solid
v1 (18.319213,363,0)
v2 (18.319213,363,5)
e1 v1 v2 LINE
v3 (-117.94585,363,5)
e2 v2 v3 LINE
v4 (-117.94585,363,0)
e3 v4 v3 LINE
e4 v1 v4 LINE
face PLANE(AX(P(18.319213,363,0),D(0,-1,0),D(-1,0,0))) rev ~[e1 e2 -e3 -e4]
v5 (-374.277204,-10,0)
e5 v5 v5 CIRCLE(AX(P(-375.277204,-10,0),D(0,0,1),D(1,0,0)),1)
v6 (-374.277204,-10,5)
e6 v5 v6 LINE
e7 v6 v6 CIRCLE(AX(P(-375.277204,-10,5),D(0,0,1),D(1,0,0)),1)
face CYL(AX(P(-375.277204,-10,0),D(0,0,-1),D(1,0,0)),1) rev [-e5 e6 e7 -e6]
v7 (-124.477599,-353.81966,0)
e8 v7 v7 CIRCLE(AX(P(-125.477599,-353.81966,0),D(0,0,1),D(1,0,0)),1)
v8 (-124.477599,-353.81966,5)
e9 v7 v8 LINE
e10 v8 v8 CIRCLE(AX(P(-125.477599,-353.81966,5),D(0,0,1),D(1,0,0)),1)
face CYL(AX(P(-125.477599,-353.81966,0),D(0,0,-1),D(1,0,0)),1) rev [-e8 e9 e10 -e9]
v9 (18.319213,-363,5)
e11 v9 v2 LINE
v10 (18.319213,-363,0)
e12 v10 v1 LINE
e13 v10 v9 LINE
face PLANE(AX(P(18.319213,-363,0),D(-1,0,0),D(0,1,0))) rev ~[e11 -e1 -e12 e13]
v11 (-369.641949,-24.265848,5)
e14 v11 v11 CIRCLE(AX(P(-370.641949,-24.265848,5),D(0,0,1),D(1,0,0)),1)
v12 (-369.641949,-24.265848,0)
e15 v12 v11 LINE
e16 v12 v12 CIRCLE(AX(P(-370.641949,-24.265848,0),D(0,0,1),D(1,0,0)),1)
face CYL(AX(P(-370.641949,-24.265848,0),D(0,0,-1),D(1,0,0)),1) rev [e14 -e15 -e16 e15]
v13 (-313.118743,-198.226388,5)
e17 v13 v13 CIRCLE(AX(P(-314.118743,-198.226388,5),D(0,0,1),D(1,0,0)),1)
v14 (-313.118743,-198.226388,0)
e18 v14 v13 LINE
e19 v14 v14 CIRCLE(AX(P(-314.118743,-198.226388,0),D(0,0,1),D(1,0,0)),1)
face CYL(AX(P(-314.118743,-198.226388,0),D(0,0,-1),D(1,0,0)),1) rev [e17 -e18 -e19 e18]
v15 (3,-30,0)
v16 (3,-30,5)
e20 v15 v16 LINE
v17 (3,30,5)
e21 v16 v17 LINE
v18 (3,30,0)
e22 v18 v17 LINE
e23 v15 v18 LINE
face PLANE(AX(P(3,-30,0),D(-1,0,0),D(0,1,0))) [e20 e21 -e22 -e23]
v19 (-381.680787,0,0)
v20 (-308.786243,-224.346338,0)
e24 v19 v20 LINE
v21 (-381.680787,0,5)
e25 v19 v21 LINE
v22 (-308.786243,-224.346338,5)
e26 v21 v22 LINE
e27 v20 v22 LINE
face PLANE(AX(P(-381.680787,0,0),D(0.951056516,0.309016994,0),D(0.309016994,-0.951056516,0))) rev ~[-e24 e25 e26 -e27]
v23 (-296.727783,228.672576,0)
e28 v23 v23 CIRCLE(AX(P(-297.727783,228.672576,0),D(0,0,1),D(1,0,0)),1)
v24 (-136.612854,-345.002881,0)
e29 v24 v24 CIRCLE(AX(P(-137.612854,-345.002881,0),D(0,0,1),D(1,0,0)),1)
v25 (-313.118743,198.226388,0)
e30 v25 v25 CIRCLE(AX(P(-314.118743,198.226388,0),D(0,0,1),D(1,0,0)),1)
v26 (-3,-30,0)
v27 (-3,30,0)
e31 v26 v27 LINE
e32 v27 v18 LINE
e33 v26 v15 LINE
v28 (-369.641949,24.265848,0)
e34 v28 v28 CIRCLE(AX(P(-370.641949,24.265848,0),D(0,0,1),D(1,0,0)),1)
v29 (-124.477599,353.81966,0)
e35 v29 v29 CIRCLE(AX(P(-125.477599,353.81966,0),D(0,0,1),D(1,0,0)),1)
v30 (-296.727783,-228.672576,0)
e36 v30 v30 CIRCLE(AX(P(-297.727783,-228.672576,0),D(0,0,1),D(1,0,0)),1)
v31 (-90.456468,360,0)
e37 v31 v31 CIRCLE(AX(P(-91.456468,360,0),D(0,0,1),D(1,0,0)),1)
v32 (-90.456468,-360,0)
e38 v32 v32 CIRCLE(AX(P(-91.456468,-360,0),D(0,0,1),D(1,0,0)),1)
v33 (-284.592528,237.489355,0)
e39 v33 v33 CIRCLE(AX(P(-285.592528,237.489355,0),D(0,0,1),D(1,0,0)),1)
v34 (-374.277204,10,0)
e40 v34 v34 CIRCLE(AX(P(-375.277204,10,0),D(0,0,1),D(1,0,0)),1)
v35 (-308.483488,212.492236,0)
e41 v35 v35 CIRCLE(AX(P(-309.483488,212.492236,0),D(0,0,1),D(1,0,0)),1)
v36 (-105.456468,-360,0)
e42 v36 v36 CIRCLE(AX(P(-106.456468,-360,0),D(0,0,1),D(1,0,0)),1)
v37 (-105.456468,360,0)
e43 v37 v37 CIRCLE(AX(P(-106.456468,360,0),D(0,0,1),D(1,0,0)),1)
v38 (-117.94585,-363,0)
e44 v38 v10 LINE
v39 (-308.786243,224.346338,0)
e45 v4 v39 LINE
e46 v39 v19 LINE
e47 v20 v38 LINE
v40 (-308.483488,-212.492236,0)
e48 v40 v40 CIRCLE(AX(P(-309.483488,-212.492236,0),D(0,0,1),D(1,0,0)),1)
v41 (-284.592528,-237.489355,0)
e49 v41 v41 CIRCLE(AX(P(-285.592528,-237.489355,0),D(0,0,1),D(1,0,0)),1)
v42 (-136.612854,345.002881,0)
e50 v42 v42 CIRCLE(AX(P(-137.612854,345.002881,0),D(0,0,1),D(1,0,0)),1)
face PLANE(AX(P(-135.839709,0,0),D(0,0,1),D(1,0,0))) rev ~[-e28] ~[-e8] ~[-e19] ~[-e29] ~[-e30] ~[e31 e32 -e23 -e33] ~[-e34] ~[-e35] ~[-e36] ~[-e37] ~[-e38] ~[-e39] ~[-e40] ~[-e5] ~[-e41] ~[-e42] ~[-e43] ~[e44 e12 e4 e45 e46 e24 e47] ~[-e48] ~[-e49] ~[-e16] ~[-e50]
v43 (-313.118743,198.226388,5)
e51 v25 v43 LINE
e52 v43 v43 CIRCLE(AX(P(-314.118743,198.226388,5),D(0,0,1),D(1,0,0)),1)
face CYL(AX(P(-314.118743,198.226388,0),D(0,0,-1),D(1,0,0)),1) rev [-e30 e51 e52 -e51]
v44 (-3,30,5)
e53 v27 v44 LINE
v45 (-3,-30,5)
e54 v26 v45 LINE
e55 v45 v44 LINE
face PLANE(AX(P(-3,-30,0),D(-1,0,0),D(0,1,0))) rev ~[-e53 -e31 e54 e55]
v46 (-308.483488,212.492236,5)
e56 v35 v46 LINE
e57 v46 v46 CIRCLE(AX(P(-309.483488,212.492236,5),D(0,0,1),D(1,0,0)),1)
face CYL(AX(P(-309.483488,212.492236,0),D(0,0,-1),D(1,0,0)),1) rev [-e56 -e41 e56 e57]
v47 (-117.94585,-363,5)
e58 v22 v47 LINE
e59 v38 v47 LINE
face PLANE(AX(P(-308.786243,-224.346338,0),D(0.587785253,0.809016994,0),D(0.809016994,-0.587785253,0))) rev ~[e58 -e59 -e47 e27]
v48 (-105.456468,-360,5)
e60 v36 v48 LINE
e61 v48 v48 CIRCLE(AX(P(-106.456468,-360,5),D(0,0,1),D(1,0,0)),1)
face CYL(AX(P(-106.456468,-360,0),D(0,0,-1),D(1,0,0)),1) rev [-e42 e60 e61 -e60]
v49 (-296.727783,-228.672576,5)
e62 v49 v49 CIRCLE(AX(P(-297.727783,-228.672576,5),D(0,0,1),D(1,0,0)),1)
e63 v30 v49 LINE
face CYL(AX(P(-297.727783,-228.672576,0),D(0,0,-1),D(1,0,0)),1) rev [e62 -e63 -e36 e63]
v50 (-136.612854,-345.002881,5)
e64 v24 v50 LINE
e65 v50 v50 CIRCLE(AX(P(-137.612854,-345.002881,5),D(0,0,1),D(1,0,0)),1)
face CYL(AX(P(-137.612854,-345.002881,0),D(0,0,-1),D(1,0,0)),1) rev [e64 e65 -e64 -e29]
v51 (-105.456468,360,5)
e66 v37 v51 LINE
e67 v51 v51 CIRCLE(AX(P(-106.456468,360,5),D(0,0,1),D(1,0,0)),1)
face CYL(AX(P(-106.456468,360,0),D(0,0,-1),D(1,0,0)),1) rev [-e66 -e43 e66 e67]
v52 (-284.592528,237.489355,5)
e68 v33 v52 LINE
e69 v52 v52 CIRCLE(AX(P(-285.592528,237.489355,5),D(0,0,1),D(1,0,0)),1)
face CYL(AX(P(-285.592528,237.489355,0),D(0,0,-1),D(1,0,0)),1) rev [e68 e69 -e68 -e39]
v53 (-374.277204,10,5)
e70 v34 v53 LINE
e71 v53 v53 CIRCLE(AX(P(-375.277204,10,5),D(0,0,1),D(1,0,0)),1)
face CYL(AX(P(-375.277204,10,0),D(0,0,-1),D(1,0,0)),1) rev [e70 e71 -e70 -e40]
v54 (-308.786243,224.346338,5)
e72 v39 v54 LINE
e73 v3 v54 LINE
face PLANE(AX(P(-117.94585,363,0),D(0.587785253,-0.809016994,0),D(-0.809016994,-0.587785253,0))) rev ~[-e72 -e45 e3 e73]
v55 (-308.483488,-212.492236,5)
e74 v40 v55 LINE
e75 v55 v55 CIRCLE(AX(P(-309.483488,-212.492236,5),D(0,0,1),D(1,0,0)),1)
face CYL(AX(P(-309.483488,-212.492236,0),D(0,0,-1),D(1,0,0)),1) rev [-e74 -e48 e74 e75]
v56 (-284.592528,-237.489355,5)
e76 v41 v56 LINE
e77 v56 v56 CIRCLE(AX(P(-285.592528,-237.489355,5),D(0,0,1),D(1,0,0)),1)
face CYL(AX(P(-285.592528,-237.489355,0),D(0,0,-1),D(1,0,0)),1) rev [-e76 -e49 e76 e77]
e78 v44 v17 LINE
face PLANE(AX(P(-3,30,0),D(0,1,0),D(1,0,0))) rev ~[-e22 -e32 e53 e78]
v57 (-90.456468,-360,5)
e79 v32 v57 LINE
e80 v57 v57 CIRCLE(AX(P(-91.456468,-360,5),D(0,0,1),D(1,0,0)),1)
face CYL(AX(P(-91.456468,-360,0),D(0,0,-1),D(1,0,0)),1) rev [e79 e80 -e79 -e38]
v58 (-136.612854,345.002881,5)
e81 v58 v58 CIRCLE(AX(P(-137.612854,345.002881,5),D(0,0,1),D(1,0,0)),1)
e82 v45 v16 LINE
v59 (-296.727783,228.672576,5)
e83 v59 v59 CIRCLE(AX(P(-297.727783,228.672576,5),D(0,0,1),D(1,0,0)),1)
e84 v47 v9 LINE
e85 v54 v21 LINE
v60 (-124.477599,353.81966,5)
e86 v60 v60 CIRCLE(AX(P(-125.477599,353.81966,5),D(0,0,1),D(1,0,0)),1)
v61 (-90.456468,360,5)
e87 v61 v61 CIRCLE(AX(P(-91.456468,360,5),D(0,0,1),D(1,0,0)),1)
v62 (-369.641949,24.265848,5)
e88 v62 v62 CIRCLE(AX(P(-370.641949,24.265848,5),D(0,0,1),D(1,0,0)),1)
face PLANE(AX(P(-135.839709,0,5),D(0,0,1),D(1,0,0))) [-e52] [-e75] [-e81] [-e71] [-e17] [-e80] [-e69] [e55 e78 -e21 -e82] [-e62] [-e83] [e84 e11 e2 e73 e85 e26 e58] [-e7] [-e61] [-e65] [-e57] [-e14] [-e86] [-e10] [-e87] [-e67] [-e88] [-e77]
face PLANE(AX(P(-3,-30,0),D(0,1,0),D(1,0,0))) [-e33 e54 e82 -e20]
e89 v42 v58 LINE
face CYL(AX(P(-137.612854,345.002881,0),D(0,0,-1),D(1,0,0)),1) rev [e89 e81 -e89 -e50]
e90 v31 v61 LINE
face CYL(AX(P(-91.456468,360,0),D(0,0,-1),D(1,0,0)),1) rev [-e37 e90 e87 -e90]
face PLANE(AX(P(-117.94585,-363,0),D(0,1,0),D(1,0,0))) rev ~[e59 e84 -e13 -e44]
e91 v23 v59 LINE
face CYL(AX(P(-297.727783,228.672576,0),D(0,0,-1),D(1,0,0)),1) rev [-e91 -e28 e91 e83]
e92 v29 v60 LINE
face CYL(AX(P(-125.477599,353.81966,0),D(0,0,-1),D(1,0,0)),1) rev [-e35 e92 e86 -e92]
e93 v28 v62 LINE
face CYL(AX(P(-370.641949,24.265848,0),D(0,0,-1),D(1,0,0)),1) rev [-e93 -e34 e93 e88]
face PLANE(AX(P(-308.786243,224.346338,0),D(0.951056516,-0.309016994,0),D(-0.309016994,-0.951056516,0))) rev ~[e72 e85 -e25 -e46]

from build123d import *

# Parameters (mm, degrees)
F0_R     = 1
F0_W     = 6
F0_H     = 60
F1_DEPTH = 5


with BuildPart() as f1:
    # F0 (on Top) → F1 (new body)
    with BuildSketch(Plane.XY):
        Polygon((-117.94585, -363), (18.319213, -363), (18.319213, 363), (-117.94585, 363), (-308.786243, 224.346338), (-381.680787, 0), (-308.786243, -224.346338), align=None)
        with Locations((-297.727783, -228.672576)):
            Circle(F0_R, mode=Mode.SUBTRACT)
        with Locations((-309.483488, -212.492236)):
            Circle(F0_R, mode=Mode.SUBTRACT)
        with Locations((-314.118743, -198.226388)):
            Circle(F0_R, mode=Mode.SUBTRACT)
        with Locations((-285.592528, -237.489355)):
            Circle(F0_R, mode=Mode.SUBTRACT)
        with Locations((-125.477599, -353.81966)):
            Circle(F0_R, mode=Mode.SUBTRACT)
        with Locations((-137.612854, -345.002881)):
            Circle(F0_R, mode=Mode.SUBTRACT)
        with Locations((-106.456468, -360)):
            Circle(F0_R, mode=Mode.SUBTRACT)
        with Locations((-91.456468, -360)):
            Circle(F0_R, mode=Mode.SUBTRACT)
        with Locations((-370.641949, -24.265848)):
            Circle(F0_R, mode=Mode.SUBTRACT)
        with Locations((-375.277204, -10)):
            Circle(F0_R, mode=Mode.SUBTRACT)
        with Locations((-375.277204, 10)):
            Circle(F0_R, mode=Mode.SUBTRACT)
        with Locations((-370.641949, 24.265848)):
            Circle(F0_R, mode=Mode.SUBTRACT)
        with Locations((-314.118743, 198.226388)):
            Circle(F0_R, mode=Mode.SUBTRACT)
        with Locations((-309.483488, 212.492236)):
            Circle(F0_R, mode=Mode.SUBTRACT)
        with Locations((-297.727783, 228.672576)):
            Circle(F0_R, mode=Mode.SUBTRACT)
        with Locations((-285.592528, 237.489355)):
            Circle(F0_R, mode=Mode.SUBTRACT)
        with Locations((-137.612854, 345.002881)):
            Circle(F0_R, mode=Mode.SUBTRACT)
        with Locations((-125.477599, 353.81966)):
            Circle(F0_R, mode=Mode.SUBTRACT)
        with Locations((-106.456468, 360)):
            Circle(F0_R, mode=Mode.SUBTRACT)
        with Locations((-91.456468, 360)):
            Circle(F0_R, mode=Mode.SUBTRACT)
        Rectangle(F0_W, F0_H, mode=Mode.SUBTRACT)
    extrude(amount=F1_DEPTH)


solid = f1.part
